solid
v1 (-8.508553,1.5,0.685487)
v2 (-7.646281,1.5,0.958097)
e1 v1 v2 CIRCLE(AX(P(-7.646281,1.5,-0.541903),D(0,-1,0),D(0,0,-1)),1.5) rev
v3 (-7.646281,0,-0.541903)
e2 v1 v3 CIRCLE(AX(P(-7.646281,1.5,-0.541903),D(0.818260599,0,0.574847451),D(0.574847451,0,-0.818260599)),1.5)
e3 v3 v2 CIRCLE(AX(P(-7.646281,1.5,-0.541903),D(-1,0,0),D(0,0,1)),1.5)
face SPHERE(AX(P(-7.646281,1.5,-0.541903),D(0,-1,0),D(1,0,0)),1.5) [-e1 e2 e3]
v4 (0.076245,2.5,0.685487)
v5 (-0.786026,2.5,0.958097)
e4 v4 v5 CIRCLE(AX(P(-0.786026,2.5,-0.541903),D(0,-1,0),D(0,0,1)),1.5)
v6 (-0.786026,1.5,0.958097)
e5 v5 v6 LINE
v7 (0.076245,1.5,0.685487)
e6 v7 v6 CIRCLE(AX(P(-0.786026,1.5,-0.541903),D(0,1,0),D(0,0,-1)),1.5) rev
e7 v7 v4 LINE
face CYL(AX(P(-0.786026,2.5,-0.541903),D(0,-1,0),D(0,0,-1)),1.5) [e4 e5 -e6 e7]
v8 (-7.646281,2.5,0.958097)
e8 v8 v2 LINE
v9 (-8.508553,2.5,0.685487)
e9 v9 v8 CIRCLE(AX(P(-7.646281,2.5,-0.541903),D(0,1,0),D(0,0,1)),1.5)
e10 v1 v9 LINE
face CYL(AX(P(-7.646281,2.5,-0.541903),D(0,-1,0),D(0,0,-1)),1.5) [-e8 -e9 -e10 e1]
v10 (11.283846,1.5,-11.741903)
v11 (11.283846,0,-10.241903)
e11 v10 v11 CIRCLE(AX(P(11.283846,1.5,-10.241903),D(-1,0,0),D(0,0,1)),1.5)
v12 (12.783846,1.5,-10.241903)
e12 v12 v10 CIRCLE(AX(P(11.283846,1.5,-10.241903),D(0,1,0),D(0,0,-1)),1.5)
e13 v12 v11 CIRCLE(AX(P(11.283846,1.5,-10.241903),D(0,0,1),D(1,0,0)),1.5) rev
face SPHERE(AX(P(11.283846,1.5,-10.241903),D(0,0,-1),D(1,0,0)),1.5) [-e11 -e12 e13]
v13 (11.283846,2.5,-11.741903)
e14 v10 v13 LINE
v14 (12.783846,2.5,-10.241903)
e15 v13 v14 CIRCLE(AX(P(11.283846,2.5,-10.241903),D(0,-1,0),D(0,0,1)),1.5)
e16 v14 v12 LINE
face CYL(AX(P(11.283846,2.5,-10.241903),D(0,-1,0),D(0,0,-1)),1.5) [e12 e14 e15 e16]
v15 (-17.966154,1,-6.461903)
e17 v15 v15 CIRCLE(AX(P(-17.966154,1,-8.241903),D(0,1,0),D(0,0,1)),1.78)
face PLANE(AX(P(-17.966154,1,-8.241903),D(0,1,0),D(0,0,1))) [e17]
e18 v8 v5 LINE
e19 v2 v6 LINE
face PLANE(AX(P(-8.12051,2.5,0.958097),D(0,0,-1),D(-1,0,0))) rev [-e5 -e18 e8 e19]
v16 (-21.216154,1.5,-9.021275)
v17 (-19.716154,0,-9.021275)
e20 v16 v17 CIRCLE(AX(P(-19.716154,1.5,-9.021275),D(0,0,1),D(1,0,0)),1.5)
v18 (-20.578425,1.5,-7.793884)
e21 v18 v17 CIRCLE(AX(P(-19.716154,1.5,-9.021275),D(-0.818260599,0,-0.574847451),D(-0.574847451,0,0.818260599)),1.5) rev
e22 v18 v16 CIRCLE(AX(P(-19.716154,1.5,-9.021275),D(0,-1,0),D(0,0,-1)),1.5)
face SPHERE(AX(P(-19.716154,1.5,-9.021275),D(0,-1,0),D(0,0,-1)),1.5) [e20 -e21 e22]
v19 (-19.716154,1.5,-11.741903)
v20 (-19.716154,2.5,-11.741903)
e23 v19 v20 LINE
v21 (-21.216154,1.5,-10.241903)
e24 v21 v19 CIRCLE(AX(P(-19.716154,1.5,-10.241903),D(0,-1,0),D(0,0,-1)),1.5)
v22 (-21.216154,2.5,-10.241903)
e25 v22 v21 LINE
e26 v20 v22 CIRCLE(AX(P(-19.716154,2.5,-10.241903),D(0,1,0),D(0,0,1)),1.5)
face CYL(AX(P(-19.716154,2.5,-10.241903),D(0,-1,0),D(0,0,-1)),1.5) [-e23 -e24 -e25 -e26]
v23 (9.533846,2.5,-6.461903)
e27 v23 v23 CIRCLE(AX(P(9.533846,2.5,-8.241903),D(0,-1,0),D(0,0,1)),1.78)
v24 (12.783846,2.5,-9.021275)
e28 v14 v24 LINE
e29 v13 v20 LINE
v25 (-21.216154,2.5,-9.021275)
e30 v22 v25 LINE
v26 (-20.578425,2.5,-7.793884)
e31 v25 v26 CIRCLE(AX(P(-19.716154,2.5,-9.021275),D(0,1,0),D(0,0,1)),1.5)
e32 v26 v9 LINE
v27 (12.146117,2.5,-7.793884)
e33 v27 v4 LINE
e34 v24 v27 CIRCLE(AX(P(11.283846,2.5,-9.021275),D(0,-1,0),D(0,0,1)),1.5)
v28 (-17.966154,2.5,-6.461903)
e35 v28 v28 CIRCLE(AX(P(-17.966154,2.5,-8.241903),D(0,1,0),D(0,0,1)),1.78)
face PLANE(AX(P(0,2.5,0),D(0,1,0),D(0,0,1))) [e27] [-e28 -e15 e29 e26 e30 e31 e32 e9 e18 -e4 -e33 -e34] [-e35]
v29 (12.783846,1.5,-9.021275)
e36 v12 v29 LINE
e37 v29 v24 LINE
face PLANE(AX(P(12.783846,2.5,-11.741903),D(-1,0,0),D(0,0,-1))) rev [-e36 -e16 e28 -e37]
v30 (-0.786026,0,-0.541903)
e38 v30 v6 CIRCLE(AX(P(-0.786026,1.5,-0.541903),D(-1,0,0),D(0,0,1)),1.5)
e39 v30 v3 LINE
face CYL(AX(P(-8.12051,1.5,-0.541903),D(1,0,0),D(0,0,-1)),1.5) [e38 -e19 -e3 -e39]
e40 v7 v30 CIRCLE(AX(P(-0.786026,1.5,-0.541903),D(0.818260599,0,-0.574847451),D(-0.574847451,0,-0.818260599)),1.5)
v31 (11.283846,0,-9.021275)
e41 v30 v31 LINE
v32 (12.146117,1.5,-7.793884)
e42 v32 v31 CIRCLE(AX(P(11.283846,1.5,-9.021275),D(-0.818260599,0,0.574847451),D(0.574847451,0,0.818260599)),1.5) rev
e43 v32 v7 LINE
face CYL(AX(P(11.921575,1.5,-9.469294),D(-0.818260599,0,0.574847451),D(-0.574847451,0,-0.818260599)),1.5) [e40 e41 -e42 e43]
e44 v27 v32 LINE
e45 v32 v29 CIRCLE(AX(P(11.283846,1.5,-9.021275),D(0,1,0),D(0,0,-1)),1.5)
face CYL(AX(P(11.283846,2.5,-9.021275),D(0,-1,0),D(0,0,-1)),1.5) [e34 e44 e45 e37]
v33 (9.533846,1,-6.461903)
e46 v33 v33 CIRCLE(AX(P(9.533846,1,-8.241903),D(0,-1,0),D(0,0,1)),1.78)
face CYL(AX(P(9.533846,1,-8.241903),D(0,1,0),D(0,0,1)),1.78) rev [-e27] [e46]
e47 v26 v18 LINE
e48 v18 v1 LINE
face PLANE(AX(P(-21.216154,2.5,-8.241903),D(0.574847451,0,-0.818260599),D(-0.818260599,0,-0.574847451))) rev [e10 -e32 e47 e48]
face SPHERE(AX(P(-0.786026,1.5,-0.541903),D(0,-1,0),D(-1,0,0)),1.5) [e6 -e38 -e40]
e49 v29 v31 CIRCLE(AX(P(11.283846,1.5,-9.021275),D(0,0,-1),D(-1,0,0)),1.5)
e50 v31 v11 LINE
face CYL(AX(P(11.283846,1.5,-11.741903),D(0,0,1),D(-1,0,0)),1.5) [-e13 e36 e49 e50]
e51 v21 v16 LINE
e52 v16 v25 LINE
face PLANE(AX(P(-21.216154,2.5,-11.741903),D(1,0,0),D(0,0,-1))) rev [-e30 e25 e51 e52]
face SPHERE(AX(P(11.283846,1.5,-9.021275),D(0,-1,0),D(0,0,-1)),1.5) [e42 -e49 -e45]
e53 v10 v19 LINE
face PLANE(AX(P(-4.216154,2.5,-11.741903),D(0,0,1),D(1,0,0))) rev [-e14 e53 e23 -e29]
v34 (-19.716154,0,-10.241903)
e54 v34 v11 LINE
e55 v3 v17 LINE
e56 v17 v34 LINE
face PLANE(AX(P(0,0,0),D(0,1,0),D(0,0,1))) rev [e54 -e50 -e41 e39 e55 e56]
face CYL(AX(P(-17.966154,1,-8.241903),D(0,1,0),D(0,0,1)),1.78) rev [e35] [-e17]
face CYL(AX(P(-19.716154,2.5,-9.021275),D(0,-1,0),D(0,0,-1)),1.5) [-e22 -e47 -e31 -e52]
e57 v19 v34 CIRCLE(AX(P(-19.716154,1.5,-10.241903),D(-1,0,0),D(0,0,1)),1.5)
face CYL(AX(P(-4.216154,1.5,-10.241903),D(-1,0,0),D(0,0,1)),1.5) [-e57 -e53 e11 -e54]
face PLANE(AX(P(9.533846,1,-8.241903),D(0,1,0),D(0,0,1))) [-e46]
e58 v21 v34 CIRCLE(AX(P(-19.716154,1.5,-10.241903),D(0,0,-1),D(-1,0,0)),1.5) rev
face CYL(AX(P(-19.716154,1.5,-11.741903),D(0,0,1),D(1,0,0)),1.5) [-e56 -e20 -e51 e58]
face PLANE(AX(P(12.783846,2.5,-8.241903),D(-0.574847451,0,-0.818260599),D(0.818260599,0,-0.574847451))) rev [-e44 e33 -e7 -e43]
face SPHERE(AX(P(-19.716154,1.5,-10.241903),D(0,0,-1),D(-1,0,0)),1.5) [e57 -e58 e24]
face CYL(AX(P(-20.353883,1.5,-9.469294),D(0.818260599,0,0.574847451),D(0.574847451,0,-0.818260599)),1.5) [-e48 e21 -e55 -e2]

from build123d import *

# Parameters (mm, degrees)
BOSS_EXTRUDE1_DEPTH = 2.5
SKETCH2_R           = 1.78
CUT_EXTRUDE1_DEPTH  = 1.5
FILLET1_R           = 1.5


with BuildPart() as part:
    # Sketch1 → Boss-Extrude1 (new body)
    with BuildSketch(Plane(origin=(0, 0, 0), x_dir=(1, 0, 0), z_dir=(0, 1, 0))):
        Polygon((-21.216153836, 11.741903429), (-21.216153836, 8.241903429), (-8.120509951, -0.958096571), (-4.216153836, -0.958096571), (-4.216153836, 11.741903429), align=None)
    extrude(amount=BOSS_EXTRUDE1_DEPTH)

    # Sketch2 → Cut-Extrude1 (cut)
    with BuildSketch(Plane(origin=(0, 2.5, 0), x_dir=(1, 0, 0), z_dir=(0, 1, 0))):
        with Locations((-17.966153836, 8.241903429)):
            Circle(SKETCH2_R)
    extrude(amount=-CUT_EXTRUDE1_DEPTH, mode=Mode.SUBTRACT)

    # Fillet1
    fillet1_edges = [part.edges().sort_by_distance(p)[0] for p in [
        (-6.168331894, 0, 0.958096571),
        (-14.668331894, 0, -3.641903429),
        (-21.216153836, 0, -9.991903429),
        (-12.716153836, 0, -11.741903429),
        (-8.120509951, 1.25, 0.958096571),
        (-21.216153836, 1.25, -8.241903429),
        (-21.216153836, 1.25, -11.741903429),
    ]]
    fillet(fillet1_edges, radius=FILLET1_R)

    # Mirror1: part across plane


with BuildPart() as part_1:
    add(part.part)
    add(part.part.mirror(Plane(origin=(-4.216153836, 2.5, 0.958096571), x_dir=(0, 0, 1), z_dir=(-1, 0, 0))))


solid = part_1.part
